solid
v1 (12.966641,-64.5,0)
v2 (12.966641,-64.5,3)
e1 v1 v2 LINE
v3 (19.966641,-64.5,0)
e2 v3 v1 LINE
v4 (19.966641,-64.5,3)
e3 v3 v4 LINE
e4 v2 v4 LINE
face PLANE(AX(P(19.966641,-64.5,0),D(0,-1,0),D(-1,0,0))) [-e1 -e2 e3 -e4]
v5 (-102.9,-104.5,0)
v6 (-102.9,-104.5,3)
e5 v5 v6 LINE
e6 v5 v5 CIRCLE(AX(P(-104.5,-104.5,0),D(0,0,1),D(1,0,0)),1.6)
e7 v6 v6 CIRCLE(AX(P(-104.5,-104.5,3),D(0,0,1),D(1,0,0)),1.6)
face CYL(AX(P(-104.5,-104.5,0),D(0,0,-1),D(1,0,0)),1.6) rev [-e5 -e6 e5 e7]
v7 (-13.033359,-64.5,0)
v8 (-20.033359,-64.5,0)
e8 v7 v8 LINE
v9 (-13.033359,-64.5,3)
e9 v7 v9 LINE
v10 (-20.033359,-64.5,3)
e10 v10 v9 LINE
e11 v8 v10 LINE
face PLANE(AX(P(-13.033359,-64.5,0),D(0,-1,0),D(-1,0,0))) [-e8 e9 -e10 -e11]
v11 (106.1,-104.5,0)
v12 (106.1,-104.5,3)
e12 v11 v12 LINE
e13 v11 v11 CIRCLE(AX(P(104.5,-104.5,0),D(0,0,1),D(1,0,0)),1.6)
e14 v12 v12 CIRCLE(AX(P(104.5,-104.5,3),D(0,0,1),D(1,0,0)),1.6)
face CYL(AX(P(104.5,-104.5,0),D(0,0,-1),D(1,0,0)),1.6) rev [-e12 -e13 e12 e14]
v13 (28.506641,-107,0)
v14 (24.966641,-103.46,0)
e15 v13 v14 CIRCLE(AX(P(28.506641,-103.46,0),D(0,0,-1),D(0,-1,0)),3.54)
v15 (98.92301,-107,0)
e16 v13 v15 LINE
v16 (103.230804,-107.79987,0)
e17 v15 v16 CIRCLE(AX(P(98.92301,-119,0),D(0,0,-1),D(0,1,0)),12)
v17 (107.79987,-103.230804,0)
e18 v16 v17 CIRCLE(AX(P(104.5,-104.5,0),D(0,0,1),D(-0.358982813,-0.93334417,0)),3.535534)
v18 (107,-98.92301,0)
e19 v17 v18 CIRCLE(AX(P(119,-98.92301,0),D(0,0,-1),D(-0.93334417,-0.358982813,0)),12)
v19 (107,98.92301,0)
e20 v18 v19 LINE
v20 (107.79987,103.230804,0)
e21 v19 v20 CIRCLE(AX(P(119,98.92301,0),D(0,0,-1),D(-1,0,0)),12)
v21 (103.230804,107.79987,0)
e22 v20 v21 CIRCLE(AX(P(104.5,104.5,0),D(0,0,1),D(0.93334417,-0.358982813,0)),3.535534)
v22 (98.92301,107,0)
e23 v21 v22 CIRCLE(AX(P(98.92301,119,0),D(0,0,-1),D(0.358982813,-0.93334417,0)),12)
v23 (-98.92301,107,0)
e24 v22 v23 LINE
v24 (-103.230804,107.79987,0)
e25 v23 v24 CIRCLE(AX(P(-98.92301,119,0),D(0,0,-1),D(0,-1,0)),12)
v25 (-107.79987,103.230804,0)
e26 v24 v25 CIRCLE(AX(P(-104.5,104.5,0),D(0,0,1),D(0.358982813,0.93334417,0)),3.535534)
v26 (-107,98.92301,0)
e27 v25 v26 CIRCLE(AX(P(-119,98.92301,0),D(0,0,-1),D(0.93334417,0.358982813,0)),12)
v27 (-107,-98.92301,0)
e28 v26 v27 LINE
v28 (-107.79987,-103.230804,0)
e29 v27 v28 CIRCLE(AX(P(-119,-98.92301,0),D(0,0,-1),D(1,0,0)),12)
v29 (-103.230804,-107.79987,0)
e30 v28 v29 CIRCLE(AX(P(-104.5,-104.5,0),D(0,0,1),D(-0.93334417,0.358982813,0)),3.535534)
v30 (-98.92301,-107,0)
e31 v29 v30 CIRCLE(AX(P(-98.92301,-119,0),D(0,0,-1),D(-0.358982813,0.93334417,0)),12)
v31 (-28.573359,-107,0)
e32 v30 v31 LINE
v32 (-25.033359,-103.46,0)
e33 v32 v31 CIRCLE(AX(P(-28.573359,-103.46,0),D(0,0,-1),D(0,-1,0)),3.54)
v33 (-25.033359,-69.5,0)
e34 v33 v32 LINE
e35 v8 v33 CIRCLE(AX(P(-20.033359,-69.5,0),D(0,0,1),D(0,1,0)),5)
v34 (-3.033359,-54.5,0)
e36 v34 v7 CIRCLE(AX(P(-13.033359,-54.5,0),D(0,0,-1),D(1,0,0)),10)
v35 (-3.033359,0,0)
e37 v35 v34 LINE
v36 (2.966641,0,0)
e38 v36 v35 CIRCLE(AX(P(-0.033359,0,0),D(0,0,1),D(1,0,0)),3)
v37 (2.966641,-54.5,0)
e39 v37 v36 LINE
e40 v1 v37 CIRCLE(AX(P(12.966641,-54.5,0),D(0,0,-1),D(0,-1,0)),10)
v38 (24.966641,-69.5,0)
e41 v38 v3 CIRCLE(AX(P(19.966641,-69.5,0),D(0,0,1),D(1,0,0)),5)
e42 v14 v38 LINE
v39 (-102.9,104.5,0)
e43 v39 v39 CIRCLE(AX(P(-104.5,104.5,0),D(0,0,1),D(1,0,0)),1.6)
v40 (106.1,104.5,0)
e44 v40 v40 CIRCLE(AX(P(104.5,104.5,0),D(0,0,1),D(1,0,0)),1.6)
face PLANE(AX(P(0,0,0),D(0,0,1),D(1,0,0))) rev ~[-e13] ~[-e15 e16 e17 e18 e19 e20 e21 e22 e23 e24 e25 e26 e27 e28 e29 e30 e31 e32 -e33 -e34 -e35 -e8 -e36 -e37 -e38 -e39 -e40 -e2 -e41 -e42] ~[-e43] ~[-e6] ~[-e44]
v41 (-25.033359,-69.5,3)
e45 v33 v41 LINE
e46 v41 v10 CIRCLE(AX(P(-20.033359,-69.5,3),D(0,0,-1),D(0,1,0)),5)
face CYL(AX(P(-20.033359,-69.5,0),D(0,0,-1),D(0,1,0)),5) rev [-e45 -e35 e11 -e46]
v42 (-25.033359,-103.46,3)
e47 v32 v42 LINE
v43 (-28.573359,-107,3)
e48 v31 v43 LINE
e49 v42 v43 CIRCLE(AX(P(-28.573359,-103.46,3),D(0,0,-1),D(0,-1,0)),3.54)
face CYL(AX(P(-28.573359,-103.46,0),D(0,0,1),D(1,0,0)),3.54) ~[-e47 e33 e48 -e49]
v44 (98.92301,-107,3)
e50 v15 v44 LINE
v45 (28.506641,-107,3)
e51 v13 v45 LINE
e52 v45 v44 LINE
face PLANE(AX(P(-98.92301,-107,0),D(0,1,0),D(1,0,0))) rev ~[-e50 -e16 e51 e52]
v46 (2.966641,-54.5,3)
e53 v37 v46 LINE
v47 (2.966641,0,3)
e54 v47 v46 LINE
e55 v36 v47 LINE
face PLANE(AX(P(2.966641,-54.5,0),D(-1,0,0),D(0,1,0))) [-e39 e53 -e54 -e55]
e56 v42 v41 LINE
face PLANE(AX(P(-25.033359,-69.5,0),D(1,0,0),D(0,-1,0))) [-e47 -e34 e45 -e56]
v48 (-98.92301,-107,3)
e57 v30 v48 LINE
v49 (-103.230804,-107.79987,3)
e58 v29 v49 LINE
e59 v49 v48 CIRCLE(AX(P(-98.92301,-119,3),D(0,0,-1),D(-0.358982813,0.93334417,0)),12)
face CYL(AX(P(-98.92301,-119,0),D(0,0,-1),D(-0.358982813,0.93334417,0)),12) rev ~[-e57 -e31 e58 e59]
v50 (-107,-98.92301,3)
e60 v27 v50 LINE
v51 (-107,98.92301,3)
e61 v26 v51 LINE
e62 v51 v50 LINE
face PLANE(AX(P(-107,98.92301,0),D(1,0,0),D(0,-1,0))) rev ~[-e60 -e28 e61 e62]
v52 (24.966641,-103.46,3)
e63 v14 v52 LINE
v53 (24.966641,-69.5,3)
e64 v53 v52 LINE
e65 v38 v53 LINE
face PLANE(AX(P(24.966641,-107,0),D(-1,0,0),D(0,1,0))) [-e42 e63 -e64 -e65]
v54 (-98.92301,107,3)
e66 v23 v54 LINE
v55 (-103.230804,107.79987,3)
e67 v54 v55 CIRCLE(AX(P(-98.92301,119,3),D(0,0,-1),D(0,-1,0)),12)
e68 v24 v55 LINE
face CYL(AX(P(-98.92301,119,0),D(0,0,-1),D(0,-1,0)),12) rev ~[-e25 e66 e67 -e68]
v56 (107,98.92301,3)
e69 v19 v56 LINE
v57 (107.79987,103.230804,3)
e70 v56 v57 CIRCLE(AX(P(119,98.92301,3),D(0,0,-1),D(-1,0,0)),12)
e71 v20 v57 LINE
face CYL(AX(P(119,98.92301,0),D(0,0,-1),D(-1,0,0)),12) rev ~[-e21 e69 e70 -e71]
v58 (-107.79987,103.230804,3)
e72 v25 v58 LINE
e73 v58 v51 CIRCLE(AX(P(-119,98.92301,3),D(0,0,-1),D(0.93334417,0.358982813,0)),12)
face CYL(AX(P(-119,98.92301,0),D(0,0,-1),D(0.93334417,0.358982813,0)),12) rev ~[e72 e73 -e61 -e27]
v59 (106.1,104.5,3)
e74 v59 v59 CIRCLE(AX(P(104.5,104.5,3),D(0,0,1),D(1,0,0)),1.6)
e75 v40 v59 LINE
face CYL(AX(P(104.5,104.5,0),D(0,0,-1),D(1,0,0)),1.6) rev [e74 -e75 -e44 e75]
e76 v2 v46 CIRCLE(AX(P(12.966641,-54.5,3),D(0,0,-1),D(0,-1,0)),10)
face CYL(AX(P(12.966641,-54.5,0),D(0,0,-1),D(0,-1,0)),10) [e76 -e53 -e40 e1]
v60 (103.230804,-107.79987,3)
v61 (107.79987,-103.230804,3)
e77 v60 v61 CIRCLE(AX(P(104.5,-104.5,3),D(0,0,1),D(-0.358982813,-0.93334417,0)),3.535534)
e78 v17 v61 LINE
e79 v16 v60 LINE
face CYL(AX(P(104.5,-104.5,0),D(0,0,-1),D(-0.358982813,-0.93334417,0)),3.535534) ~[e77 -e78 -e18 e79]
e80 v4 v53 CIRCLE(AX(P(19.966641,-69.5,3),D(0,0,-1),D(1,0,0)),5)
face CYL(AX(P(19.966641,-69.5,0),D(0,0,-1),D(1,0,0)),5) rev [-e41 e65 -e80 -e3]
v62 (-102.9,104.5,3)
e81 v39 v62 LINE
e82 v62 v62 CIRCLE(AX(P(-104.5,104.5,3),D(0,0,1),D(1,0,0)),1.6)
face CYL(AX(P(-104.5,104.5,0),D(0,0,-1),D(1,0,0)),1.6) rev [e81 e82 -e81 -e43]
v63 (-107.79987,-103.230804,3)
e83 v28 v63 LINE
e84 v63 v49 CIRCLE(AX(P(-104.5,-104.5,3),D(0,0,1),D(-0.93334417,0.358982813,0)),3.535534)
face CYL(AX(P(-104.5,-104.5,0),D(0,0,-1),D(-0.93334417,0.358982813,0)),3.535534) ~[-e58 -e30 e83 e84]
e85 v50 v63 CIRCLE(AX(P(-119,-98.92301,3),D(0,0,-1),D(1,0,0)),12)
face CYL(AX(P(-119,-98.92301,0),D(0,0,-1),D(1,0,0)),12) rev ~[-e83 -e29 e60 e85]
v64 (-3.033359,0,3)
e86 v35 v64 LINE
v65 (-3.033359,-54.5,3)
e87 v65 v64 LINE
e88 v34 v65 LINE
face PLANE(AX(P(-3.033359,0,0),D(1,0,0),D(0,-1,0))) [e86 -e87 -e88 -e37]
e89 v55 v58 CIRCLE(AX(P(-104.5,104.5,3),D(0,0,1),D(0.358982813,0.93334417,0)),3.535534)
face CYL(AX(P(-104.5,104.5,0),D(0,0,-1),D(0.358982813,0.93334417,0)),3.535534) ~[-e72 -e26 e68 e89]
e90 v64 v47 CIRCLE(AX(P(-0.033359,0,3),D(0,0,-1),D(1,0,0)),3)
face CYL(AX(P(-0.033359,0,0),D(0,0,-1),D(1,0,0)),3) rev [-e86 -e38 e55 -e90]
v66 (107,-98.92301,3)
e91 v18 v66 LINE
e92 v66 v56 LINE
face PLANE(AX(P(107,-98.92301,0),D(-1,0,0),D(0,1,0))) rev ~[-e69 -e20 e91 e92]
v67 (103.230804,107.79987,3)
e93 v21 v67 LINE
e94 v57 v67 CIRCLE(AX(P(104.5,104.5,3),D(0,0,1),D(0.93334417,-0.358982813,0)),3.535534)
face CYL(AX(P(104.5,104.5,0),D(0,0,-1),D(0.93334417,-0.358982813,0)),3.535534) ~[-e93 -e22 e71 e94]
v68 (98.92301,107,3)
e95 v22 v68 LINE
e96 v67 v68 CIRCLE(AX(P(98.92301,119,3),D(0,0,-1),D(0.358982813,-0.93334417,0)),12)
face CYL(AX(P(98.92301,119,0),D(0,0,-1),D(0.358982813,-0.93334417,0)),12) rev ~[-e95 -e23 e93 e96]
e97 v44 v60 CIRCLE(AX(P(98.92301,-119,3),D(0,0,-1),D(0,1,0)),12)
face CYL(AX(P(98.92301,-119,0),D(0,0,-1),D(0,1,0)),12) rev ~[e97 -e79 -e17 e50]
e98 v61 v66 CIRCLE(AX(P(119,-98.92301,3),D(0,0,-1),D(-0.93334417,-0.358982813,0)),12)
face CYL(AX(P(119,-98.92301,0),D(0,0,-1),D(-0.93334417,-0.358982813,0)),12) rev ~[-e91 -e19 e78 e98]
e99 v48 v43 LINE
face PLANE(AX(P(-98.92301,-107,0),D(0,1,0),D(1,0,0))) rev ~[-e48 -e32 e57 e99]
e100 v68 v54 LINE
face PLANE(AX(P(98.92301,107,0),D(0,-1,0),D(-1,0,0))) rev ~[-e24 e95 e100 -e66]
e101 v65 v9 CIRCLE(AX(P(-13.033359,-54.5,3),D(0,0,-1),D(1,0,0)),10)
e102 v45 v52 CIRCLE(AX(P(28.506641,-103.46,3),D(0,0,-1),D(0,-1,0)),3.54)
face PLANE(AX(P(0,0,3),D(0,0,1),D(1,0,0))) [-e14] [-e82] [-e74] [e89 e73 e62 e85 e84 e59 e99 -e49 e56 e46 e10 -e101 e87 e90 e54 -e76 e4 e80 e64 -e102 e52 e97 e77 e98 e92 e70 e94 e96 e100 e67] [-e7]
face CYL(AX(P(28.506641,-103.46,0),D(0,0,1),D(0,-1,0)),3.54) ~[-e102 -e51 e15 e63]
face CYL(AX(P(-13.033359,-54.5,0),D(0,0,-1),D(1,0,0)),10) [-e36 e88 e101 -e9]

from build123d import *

# Parameters (mm, degrees)
SKETCH1_R           = 1.6
BOSS_EXTRUDE1_DEPTH = 3
CUT_EXTRUDE5_DEPTH  = 4
FILLET1_R           = 3.54


with BuildPart() as part:
    # Sketch1 → Boss-Extrude1 (new body)
    with BuildSketch(Plane.XY):
        with BuildLine():
            Line((-107, 98.923010333), (-107, -98.923010333))
            ThreePointArc((-107, -98.923010333), (-107.201661971, -101.11372249), (-107.799869959, -103.230804092))
            ThreePointArc((-107.799869959, -103.230804092), (-107, -107), (-103.230804092, -107.799869959))
            ThreePointArc((-103.230804092, -107.799869959), (-101.11372249, -107.201661971), (-98.923010333, -107))
            Line((-98.923010333, -107), (-43, -107))
            Line((-43, -107), (43, -107))
            Line((43, -107), (98.923010333, -107))
            ThreePointArc((98.923010333, -107), (101.11372249, -107.201661971), (103.230804092, -107.799869959))
            ThreePointArc((103.230804092, -107.799869959), (107, -107), (107.799869959, -103.230804092))
            ThreePointArc((107.799869959, -103.230804092), (107.201661971, -101.11372249), (107, -98.923010333))
            Line((107, -98.923010333), (107, 98.923010333))
            ThreePointArc((107, 98.923010333), (107.201661971, 101.11372249), (107.799869959, 103.230804092))
            ThreePointArc((107.799869959, 103.230804092), (107, 107), (103.230804092, 107.799869959))
            ThreePointArc((103.230804092, 107.799869959), (101.11372249, 107.201661971), (98.923010333, 107))
            Line((98.923010333, 107), (-98.923010333, 107))
            ThreePointArc((-98.923010333, 107), (-101.11372249, 107.201661971), (-103.230804092, 107.799869959))
            ThreePointArc((-103.230804092, 107.799869959), (-107, 107), (-107.799869959, 103.230804092))
            ThreePointArc((-107.799869959, 103.230804092), (-107.201661971, 101.11372249), (-107, 98.923010333))
        make_face()
        with Locations((-104.5, -104.5)):
            Circle(SKETCH1_R, mode=Mode.SUBTRACT)
        with Locations((-104.5, 104.5)):
            Circle(SKETCH1_R, mode=Mode.SUBTRACT)
        with Locations((104.5, 104.5)):
            Circle(SKETCH1_R, mode=Mode.SUBTRACT)
        with Locations((104.5, -104.5)):
            Circle(SKETCH1_R, mode=Mode.SUBTRACT)
    extrude(amount=BOSS_EXTRUDE1_DEPTH)

    # Sketch5 → Cut-Extrude5 (cut, through all)
    with BuildSketch(Plane.XY):
        with BuildLine():
            Line((-25.033358746, -107), (24.966641254, -107))
            Line((24.966641254, -107), (24.966641254, -69.5))
            ThreePointArc((24.966641254, -69.5), (23.50217516, -65.964466094), (19.966641254, -64.5))
            Line((19.966641254, -64.5), (12.966641254, -64.5))
            ThreePointArc((12.966641254, -64.5), (5.895573442, -61.571067812), (2.966641254, -54.5))
            Line((2.966641254, -54.5), (2.966641254, 0))
            ThreePointArc((2.966641254, 0), (-0.033358746, 3), (-3.033358746, 0))
            Line((-3.033358746, 0), (-3.033358746, -54.5))
            ThreePointArc((-3.033358746, -54.5), (-5.962290934, -61.571067812), (-13.033358746, -64.5))
            Line((-13.033358746, -64.5), (-20.033358746, -64.5))
            ThreePointArc((-20.033358746, -64.5), (-23.568892652, -65.964466094), (-25.033358746, -69.5))
            Line((-25.033358746, -69.5), (-25.033358746, -107))
        make_face()
    extrude(amount=CUT_EXTRUDE5_DEPTH, mode=Mode.SUBTRACT)

    # Fillet1
    fillet1_edges = [part.edges().sort_by_distance(p)[0] for p in [
        (-25.033358746, -107, 1.5),
        (24.966641254, -107, 1.5),
    ]]
    fillet(fillet1_edges, radius=FILLET1_R)


solid = part.part
